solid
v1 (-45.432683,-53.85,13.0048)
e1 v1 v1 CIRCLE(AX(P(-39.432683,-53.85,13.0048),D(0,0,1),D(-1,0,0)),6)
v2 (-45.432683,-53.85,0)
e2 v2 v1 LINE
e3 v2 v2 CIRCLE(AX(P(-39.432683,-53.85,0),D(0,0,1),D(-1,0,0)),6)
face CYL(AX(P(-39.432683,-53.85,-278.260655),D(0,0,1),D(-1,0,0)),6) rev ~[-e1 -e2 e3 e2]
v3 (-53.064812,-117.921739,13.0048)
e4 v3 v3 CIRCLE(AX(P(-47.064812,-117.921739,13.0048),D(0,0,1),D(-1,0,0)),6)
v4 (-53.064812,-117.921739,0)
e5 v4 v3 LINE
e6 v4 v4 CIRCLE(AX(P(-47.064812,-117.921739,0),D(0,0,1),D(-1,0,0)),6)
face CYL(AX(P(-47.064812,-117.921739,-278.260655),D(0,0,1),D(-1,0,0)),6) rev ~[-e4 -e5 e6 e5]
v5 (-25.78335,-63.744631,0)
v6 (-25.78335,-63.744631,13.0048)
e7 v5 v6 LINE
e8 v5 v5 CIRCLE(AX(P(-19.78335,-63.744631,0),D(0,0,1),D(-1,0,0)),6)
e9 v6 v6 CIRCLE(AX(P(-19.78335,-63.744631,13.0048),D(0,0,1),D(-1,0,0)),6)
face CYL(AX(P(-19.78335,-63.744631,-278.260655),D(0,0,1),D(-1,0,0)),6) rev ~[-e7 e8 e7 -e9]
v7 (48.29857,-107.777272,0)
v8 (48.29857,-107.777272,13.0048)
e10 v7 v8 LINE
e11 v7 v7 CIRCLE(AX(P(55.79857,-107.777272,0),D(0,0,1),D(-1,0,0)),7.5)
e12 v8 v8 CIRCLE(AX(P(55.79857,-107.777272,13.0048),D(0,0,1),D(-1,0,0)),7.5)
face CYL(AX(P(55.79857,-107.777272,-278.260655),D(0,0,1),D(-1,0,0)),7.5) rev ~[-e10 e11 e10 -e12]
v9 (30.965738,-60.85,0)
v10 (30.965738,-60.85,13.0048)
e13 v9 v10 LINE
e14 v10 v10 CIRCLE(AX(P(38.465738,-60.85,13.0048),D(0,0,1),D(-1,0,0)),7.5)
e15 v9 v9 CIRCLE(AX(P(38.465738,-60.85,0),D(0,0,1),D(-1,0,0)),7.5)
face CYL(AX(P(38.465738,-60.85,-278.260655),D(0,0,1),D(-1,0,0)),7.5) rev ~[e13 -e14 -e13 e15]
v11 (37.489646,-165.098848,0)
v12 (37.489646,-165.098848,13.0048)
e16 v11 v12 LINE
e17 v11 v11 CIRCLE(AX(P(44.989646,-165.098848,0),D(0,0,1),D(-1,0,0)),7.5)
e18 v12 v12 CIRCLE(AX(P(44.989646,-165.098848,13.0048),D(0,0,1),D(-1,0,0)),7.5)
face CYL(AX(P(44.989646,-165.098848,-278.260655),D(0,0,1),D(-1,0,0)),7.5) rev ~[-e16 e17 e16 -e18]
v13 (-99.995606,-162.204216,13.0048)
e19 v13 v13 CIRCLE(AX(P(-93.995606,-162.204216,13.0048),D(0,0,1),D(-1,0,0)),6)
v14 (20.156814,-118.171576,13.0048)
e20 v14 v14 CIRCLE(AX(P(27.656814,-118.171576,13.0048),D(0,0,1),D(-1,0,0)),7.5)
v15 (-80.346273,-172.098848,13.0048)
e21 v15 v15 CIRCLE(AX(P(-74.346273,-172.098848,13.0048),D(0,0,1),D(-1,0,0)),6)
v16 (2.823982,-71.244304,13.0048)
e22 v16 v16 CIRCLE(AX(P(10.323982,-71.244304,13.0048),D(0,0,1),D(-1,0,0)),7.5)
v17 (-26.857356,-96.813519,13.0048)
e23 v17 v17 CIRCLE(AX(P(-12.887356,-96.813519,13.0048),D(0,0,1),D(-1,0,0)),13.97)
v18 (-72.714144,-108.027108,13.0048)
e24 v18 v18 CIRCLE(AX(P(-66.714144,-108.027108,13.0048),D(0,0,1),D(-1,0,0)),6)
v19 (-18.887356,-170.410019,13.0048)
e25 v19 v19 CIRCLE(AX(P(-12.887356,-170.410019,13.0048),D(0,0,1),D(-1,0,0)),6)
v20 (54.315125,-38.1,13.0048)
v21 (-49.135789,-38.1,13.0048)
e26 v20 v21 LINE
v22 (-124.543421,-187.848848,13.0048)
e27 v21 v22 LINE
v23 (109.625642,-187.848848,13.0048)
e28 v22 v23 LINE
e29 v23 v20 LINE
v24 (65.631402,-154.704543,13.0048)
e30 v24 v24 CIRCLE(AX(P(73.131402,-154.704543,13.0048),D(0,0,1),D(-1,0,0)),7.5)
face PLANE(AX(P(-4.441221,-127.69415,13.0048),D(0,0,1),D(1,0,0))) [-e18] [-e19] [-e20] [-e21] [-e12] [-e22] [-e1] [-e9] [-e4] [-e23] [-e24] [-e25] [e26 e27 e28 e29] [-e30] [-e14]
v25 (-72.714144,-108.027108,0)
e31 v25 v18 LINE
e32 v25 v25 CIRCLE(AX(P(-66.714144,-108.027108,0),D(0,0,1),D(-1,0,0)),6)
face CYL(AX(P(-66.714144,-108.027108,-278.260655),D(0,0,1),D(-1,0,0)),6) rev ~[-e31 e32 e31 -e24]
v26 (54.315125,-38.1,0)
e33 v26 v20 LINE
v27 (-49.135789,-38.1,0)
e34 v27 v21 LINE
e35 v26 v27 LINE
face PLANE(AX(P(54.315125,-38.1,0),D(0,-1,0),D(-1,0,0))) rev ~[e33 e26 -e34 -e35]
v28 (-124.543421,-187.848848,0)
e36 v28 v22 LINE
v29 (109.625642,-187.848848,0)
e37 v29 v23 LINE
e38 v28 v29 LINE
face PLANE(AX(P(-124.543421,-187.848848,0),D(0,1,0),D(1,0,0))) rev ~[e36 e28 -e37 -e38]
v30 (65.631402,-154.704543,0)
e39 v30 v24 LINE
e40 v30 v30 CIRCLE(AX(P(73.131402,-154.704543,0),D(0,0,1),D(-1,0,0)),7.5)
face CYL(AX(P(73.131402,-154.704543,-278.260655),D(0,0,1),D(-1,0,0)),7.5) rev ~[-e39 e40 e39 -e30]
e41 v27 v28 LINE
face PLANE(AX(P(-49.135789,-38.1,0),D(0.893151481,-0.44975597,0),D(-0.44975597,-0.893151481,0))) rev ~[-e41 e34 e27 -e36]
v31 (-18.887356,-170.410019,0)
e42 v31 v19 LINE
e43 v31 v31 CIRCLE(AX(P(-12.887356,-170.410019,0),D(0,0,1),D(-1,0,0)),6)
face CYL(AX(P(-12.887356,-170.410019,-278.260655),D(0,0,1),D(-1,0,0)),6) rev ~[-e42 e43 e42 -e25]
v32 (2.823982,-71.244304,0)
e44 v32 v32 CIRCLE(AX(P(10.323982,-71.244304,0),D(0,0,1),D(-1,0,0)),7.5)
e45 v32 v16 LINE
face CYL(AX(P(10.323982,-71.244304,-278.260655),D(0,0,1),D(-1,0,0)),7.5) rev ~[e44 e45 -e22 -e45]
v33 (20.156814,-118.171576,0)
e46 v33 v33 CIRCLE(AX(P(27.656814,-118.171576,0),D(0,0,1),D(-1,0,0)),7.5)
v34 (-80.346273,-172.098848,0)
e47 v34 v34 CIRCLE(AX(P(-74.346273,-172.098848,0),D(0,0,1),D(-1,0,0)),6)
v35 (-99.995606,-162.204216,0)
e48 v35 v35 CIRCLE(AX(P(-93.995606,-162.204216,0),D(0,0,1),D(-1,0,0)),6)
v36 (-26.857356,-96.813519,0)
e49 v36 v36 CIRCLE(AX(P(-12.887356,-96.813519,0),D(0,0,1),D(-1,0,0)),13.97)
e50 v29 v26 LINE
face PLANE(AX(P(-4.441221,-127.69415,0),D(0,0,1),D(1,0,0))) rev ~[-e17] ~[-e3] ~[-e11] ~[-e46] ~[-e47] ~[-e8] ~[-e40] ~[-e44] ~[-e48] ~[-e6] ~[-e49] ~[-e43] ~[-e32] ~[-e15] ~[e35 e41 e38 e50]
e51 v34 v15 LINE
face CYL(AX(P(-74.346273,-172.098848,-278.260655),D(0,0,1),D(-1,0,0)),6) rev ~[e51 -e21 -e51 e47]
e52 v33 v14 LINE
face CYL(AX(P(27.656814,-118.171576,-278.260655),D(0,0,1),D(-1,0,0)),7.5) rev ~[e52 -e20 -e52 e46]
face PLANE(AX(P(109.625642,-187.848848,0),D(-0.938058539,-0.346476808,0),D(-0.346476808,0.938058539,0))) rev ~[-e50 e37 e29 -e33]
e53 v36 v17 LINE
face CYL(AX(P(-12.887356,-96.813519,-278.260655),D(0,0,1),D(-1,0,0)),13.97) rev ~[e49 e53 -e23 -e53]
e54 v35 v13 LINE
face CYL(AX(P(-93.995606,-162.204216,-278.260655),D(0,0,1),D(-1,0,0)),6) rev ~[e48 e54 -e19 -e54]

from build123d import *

# Parameters (mm, degrees)
F3_DEPTH = 13.0048
F4_D     = 15
F5_D     = 12
F6_D     = 27.94


with BuildPart() as f3:
    # F2 (on Top) → F3 (new body)
    with BuildSketch(Plane.XY):
        Polygon((54.3151245746, -38.1), (-49.1357887106, -38.1), (-124.5434206745, -187.848847558), (109.6256415023, -187.848847558), align=None)
    extrude(amount=F3_DEPTH)

    # F4 (through all)
    with Locations(Plane(origin=(0, 0, 0), x_dir=(1, 0, 0), z_dir=(0, 0, -1))):
        with Locations((38.4657377694, 60.85), (10.3239816143, 71.2443042339), (27.6568138595, 118.1715758959), (55.7985700146, 107.777271662), (44.9896461047, 165.098847558), (73.1314022598, 154.7045433241)):
            Hole(F4_D / 2)

    # F5 (through all)
    with Locations(Plane(origin=(0, 0, 0), x_dir=(1, 0, 0), z_dir=(0, 0, -1))):
        with Locations((-19.7833501507, 63.7446313346), (-39.4326827285, 53.85), (-66.7141442955, 108.0271081117), (-47.0648117177, 117.9217394463), (-74.3462732846, 172.098847558), (-93.9956058624, 162.2042162234), (-12.8873561721, 170.4100188799)):
            Hole(F5_D / 2)

    # F6 (through all)
    with Locations(Plane(origin=(0, 0, 0), x_dir=(1, 0, 0), z_dir=(0, 0, -1))):
        with Locations((-12.8873561721, 96.8135188799)):
            Hole(F6_D / 2)


solid = f3.part
